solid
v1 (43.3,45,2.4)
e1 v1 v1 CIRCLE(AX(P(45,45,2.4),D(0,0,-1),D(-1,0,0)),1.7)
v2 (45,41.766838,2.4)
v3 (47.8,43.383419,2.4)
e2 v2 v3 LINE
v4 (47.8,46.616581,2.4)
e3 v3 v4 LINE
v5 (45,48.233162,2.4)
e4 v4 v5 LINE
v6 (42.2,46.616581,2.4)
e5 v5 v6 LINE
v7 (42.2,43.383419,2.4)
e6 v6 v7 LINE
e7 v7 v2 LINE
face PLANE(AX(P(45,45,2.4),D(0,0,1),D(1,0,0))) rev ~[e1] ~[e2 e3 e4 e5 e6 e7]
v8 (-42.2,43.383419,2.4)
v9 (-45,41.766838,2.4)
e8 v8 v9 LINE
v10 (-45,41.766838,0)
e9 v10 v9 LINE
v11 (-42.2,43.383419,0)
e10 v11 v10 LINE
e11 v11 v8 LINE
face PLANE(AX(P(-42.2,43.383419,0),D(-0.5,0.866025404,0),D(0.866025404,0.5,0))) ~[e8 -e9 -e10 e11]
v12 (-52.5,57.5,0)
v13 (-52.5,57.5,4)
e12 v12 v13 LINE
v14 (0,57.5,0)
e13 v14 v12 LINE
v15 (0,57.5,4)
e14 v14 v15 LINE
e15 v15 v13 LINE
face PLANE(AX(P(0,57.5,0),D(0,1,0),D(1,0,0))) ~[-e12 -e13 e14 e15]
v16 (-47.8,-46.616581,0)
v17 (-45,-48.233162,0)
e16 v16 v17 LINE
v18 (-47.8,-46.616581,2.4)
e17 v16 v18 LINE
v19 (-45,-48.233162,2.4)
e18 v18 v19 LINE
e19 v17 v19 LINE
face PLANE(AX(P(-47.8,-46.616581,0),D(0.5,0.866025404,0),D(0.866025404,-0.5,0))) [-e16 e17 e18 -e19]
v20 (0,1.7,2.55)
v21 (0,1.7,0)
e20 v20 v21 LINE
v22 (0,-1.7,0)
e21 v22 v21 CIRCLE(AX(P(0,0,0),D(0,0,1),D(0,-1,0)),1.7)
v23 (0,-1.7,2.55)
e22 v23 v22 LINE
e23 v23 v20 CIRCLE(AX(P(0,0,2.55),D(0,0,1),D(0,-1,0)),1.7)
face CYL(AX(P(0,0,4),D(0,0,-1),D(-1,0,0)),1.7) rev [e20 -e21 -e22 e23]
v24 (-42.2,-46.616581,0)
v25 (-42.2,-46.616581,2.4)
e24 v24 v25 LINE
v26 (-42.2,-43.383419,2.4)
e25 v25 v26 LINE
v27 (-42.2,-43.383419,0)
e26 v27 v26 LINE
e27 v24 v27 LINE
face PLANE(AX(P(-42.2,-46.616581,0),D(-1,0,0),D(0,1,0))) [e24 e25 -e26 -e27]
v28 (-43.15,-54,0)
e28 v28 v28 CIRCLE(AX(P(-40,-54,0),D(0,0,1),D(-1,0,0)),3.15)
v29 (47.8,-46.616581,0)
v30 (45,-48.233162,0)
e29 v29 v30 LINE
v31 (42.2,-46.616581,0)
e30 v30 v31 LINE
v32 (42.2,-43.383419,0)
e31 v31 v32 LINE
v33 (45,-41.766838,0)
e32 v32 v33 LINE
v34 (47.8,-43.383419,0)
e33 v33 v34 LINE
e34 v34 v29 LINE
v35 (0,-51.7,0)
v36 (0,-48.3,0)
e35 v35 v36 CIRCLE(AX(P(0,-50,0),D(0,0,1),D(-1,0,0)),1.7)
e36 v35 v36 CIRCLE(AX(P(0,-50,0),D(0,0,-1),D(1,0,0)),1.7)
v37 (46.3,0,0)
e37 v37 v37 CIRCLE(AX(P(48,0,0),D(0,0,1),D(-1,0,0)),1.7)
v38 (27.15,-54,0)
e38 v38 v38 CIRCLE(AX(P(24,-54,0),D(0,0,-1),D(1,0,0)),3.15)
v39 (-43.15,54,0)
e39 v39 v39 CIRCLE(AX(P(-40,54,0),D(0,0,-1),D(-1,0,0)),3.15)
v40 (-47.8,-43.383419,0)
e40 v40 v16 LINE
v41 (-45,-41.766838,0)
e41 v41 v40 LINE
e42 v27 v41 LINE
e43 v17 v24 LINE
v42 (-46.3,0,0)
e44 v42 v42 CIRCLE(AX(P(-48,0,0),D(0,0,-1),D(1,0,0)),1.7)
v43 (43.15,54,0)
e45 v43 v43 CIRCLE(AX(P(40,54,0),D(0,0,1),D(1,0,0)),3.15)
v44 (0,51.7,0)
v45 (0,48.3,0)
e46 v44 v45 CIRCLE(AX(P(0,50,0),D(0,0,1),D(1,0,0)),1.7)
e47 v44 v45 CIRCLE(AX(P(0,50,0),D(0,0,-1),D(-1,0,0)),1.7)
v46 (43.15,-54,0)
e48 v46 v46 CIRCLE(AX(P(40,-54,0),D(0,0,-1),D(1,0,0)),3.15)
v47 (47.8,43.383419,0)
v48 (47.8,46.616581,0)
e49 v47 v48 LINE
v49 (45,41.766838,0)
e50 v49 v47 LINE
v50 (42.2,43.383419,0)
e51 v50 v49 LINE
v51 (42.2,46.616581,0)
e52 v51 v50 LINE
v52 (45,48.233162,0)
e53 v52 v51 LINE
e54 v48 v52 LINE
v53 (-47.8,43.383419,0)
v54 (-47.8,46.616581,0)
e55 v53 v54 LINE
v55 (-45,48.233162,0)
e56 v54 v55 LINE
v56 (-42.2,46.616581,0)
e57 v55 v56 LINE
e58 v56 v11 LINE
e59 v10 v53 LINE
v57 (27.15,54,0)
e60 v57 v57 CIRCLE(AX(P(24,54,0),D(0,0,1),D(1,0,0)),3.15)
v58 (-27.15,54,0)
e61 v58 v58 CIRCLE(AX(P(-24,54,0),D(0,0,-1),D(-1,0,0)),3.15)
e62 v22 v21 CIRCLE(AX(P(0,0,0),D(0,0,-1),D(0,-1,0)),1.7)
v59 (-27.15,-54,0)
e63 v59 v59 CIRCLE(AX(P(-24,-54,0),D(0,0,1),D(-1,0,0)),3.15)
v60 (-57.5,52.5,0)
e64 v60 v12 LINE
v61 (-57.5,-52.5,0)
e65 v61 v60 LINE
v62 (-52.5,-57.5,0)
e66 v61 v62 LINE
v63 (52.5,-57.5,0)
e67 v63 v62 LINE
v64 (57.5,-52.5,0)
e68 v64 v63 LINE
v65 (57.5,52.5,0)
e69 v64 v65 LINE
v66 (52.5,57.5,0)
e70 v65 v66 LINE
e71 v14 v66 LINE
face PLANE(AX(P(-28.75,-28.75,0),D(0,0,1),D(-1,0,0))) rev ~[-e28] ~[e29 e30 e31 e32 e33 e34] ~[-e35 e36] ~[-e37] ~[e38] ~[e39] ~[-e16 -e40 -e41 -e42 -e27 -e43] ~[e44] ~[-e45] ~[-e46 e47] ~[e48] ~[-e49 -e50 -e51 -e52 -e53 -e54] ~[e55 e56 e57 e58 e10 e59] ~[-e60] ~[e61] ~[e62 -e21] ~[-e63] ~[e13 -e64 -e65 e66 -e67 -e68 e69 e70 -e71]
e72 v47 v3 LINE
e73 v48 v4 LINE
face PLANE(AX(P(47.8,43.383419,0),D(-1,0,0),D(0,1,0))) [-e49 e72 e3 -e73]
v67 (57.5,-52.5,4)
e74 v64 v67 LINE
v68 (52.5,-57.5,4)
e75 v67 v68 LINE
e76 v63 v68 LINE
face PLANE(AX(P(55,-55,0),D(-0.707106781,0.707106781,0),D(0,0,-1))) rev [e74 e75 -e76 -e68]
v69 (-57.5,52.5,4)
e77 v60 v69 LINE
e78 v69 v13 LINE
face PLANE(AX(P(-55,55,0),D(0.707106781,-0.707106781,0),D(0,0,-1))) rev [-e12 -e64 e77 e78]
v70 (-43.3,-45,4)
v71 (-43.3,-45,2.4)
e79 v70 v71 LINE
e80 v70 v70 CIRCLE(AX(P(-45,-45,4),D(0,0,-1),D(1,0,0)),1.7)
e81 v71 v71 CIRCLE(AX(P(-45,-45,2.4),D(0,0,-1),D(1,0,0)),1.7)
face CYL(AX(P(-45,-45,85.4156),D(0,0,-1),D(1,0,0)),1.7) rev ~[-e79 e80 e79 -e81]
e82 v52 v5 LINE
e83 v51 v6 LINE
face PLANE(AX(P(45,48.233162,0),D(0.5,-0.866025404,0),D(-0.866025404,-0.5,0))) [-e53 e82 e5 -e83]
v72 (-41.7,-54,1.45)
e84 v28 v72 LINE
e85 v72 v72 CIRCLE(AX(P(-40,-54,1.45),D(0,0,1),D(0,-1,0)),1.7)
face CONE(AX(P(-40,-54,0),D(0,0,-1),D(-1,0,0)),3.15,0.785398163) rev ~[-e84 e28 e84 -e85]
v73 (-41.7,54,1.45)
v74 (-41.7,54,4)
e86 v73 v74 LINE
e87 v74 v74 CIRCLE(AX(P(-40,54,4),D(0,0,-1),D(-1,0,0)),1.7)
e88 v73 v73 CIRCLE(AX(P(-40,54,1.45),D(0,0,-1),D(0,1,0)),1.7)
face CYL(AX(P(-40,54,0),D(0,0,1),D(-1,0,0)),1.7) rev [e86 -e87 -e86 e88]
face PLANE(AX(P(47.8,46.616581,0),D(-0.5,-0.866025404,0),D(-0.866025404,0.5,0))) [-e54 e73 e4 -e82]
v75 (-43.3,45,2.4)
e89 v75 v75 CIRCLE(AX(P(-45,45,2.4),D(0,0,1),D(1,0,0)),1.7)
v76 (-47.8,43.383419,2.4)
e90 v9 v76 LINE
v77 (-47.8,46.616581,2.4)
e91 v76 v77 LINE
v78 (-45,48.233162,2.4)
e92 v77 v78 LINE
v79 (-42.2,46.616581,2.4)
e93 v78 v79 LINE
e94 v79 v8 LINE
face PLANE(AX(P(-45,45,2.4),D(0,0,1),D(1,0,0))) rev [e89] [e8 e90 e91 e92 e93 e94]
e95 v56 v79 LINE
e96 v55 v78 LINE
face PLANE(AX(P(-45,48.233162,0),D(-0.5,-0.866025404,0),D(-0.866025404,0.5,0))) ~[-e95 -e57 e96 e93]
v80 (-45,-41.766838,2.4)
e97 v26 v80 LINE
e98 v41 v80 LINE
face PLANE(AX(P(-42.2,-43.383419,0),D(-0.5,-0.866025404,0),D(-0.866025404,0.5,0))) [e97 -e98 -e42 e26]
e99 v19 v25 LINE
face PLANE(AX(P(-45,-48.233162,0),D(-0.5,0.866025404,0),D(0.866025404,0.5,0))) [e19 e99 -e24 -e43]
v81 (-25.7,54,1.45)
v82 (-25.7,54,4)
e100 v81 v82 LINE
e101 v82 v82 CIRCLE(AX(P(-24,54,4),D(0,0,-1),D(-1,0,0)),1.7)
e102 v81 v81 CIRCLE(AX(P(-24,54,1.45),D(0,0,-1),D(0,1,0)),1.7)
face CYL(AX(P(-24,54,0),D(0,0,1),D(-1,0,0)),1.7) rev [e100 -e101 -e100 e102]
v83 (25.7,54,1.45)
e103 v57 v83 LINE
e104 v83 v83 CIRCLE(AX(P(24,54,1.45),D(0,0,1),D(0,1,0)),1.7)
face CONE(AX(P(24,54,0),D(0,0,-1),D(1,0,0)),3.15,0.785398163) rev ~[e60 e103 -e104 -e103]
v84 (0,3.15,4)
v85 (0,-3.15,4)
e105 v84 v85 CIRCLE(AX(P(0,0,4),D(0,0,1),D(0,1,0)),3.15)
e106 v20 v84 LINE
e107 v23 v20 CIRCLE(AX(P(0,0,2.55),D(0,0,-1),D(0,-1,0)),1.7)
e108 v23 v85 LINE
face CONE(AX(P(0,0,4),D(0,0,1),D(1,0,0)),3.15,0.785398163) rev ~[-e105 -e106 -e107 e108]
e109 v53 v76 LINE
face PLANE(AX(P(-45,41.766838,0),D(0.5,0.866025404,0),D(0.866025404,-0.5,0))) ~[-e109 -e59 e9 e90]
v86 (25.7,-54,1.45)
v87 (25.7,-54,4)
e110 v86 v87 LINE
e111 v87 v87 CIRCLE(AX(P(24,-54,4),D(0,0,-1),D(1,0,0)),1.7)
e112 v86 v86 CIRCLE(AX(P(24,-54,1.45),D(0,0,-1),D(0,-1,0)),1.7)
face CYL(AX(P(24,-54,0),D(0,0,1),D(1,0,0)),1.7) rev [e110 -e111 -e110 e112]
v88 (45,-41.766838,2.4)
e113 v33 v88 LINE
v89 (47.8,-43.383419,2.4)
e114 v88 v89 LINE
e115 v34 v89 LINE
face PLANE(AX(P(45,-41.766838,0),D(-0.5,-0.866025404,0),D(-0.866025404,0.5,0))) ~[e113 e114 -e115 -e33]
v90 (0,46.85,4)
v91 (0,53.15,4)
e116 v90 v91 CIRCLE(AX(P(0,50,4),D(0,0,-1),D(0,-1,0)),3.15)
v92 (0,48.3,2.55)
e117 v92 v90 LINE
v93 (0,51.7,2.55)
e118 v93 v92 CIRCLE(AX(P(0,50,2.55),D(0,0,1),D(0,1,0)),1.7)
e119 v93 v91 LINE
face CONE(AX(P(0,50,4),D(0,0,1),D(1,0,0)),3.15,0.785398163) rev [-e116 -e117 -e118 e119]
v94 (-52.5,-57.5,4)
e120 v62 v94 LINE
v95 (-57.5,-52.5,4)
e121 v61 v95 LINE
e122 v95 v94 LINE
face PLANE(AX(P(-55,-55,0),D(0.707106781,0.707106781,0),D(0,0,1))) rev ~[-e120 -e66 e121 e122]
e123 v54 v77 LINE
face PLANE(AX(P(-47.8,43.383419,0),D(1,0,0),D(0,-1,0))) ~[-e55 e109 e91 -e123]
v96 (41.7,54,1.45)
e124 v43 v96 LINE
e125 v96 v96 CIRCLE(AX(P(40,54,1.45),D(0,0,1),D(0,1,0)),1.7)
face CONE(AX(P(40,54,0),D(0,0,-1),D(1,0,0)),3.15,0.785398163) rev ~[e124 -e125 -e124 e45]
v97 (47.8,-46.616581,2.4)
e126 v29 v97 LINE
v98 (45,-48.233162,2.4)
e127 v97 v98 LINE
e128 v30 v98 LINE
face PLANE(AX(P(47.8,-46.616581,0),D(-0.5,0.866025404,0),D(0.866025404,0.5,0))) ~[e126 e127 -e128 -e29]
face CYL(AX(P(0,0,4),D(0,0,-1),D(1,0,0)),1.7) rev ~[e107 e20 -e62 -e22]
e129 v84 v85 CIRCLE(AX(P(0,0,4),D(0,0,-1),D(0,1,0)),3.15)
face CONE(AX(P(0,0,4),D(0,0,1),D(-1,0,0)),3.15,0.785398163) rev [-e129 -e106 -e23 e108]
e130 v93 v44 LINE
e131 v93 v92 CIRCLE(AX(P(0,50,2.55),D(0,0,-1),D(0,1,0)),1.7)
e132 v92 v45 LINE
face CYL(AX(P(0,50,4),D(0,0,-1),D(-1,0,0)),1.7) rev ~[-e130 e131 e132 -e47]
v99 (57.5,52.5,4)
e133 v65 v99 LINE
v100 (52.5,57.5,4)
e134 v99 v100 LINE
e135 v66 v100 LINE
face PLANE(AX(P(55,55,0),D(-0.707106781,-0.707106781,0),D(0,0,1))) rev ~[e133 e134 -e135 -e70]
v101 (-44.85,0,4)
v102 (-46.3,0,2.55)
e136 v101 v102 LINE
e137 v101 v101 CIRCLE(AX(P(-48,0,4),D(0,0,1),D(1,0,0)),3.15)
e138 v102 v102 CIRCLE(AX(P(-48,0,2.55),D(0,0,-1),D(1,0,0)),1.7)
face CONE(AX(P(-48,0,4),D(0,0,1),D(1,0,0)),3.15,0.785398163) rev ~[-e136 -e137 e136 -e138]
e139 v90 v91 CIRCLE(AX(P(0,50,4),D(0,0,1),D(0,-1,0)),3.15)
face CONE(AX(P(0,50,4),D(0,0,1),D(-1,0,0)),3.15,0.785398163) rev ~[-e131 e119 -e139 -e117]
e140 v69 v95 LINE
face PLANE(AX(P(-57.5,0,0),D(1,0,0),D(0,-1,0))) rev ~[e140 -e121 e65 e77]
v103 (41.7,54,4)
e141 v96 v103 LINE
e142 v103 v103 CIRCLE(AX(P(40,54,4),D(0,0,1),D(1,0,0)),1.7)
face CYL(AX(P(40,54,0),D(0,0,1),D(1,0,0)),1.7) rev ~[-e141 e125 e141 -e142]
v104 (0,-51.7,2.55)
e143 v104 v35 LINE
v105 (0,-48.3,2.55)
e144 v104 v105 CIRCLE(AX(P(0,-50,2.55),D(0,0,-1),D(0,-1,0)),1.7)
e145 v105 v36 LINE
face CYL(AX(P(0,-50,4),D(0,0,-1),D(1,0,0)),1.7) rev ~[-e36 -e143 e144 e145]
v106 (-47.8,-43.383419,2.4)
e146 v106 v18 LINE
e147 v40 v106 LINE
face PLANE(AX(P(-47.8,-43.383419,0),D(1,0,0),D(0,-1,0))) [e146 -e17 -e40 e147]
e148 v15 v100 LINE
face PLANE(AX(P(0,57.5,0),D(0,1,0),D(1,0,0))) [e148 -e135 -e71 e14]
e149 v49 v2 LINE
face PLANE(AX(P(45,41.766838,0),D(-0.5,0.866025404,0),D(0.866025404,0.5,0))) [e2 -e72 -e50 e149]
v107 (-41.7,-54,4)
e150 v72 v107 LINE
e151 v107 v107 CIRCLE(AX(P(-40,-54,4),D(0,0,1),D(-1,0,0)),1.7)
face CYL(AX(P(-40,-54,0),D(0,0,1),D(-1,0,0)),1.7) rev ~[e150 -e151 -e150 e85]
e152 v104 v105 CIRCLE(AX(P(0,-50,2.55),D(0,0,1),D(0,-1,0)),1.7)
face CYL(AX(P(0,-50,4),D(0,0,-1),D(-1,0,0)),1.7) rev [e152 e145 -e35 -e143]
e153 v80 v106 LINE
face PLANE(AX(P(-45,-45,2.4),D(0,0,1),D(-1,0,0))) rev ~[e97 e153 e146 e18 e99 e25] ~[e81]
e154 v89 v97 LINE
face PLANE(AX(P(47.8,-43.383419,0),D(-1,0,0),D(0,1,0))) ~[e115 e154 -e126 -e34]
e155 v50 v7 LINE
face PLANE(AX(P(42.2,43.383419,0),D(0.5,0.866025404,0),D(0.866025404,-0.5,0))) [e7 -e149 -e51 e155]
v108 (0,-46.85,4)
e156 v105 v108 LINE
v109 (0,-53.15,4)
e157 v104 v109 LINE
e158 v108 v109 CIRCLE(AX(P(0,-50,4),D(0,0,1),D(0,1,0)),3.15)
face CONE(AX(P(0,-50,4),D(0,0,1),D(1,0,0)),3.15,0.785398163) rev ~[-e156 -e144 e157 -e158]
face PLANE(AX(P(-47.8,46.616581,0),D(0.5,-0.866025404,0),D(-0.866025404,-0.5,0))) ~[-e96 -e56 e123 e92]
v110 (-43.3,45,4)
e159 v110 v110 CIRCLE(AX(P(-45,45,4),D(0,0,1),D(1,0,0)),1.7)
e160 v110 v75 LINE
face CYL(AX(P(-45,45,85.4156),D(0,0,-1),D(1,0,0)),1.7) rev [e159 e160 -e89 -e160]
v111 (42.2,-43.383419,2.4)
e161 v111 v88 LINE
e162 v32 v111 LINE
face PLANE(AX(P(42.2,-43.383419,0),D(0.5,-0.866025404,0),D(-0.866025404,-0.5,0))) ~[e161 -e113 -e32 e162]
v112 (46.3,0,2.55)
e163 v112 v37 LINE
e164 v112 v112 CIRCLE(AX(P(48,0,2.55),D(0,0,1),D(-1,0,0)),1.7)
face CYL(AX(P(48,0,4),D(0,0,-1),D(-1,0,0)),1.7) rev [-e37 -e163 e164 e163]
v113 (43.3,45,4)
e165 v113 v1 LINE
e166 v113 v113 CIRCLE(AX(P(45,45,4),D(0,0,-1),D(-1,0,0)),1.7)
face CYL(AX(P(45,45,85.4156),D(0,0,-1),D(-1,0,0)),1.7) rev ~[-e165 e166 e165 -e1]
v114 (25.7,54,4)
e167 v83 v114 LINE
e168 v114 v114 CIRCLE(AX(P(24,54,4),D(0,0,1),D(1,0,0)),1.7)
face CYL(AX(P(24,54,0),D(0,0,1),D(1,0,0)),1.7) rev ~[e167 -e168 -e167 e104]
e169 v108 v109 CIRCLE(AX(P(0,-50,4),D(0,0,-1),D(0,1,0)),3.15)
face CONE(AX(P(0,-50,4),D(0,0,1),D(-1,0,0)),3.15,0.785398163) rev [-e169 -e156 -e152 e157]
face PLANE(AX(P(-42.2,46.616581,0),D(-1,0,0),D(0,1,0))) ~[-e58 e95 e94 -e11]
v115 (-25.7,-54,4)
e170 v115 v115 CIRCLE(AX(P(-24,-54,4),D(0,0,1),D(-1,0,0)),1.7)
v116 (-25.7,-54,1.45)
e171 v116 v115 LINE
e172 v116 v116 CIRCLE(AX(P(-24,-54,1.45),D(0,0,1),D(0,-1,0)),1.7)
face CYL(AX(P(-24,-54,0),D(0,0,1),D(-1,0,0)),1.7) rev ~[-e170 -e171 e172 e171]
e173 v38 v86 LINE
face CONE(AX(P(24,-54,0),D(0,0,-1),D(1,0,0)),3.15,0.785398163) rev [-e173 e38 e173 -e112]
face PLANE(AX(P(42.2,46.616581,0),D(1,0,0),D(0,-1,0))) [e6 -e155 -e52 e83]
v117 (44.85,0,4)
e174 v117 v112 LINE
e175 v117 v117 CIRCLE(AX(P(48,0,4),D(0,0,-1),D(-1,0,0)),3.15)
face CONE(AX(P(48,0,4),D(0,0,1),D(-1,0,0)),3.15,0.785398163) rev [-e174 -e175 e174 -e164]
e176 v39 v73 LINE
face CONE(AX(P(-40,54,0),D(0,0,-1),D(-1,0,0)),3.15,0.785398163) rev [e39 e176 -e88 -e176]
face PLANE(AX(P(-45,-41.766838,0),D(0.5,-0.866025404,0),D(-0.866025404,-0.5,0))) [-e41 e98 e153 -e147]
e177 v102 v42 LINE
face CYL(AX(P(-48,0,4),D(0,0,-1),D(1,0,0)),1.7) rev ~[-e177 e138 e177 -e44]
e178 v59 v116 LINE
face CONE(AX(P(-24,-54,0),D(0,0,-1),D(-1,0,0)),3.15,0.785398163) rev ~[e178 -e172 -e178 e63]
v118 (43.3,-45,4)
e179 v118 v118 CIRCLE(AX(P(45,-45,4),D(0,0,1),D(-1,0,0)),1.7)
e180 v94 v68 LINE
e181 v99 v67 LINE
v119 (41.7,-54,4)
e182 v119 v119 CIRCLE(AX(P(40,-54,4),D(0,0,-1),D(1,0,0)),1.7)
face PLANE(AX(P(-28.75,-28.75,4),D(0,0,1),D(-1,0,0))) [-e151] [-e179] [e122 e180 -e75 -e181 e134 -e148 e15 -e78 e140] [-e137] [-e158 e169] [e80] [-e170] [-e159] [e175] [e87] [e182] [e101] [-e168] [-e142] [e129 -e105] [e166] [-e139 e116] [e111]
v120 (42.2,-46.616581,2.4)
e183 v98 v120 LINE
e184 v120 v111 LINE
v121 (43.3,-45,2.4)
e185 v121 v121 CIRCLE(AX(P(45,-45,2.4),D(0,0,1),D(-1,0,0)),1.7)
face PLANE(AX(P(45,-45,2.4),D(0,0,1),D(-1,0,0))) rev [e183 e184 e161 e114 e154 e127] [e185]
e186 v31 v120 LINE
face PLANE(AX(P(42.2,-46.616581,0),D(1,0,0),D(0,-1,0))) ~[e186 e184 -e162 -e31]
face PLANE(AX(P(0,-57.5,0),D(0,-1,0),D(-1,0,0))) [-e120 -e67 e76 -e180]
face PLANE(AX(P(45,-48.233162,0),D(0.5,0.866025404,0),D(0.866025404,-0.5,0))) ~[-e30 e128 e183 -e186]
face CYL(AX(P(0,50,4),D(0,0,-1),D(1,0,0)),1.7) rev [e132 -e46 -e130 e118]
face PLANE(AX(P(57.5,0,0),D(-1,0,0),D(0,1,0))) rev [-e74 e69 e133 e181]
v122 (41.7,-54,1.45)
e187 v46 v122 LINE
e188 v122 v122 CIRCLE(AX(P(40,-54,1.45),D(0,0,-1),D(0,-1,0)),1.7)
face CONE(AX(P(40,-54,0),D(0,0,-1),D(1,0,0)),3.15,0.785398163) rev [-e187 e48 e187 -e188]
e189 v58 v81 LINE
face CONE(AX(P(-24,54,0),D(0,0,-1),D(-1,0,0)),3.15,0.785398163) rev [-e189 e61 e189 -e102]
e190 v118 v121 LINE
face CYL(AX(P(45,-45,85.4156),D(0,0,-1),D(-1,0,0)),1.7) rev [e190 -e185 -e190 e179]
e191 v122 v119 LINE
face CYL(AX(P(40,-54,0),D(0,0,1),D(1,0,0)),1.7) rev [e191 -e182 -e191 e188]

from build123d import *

# Parameters (mm, degrees)
SKETCH2_W                                       = 57.5
SKETCH2_H                                       = 57.5
BOSS_EXTRUDE1_DEPTH                             = 4
CUT_EXTRUDE4_DEPTH                              = 2.4
M3_CLEARANCE_HOLE1_D                            = 3.4
CSK_FOR_M3_FLAT_HEAD_MACHINE_SCREW1_D           = 3.4
CSK_FOR_M3_FLAT_HEAD_MACHINE_SCREW1_CSINK_D     = 6.3
CSK_FOR_M3_FLAT_HEAD_MACHINE_SCREW1_CSINK_ANGLE = 90
CSK_FOR_M3_FLAT_HEAD_MACHINE_SCREW2_D           = 3.4
CSK_FOR_M3_FLAT_HEAD_MACHINE_SCREW2_CSINK_D     = 6.3
CSK_FOR_M3_FLAT_HEAD_MACHINE_SCREW2_CSINK_ANGLE = 90
CHAMFER1_SIZE                                   = 5


with BuildPart() as part:
    # Sketch2 → Boss-Extrude1 (new body)
    with BuildSketch(Plane.XY):
        with Locations((28.75, 28.75)):
            Rectangle(SKETCH2_W, SKETCH2_H)
    extrude(amount=BOSS_EXTRUDE1_DEPTH)

    # Sketch12 → Cut-Extrude4 (cut)
    with BuildSketch(Plane.XY):
        Polygon((45, 41.766838493), (47.8, 43.383419246), (47.8, 46.616580754), (45, 48.233161507), (42.2, 46.616580754), (42.2, 43.383419246), align=None)
    extrude(amount=CUT_EXTRUDE4_DEPTH, mode=Mode.SUBTRACT)

    # M3 Clearance Hole1 (through all)
    with Locations(Plane.XY.offset(4)):
        with Locations((45, 45), (-45, 45), (-45, -45), (45, -45)):
            Hole(M3_CLEARANCE_HOLE1_D / 2)

    # CSK for M3 Flat Head Machine Screw1 (through all)
    with Locations(Plane.XY.offset(4)):
        with Locations((0, 50), (0, 0), (48, 0)):
            CounterSinkHole(CSK_FOR_M3_FLAT_HEAD_MACHINE_SCREW1_D / 2, CSK_FOR_M3_FLAT_HEAD_MACHINE_SCREW1_CSINK_D / 2, counter_sink_angle=CSK_FOR_M3_FLAT_HEAD_MACHINE_SCREW1_CSINK_ANGLE)

    # CSK for M3 Flat Head Machine Screw2 (through all)
    with Locations(Plane(origin=(0, 0, 0), x_dir=(-1, 0, 0), z_dir=(0, 0, -1))):
        with Locations((-24, 54), (-40, 54)):
            CounterSinkHole(CSK_FOR_M3_FLAT_HEAD_MACHINE_SCREW2_D / 2, CSK_FOR_M3_FLAT_HEAD_MACHINE_SCREW2_CSINK_D / 2, counter_sink_angle=CSK_FOR_M3_FLAT_HEAD_MACHINE_SCREW2_CSINK_ANGLE)

    # Chamfer1
    chamfer1_edges = [part.edges().sort_by_distance(p)[0] for p in [
        (57.5, 57.5, 2),
    ]]
    chamfer(chamfer1_edges, length=CHAMFER1_SIZE)

    # Mirror1: part across plane


with BuildPart() as part_1:
    add(part.part)
    add(part.part.mirror(Plane(origin=(0, 0, 0), x_dir=(0, 0, 1), z_dir=(0, -1, 0))))

    # Mirror2: part across plane


with BuildPart() as part_2:
    add(part_1.part)
    add(part_1.part.mirror(Plane(origin=(0, 0, 0), x_dir=(0, 0, 1), z_dir=(1, 0, 0))))


solid = part_2.part
